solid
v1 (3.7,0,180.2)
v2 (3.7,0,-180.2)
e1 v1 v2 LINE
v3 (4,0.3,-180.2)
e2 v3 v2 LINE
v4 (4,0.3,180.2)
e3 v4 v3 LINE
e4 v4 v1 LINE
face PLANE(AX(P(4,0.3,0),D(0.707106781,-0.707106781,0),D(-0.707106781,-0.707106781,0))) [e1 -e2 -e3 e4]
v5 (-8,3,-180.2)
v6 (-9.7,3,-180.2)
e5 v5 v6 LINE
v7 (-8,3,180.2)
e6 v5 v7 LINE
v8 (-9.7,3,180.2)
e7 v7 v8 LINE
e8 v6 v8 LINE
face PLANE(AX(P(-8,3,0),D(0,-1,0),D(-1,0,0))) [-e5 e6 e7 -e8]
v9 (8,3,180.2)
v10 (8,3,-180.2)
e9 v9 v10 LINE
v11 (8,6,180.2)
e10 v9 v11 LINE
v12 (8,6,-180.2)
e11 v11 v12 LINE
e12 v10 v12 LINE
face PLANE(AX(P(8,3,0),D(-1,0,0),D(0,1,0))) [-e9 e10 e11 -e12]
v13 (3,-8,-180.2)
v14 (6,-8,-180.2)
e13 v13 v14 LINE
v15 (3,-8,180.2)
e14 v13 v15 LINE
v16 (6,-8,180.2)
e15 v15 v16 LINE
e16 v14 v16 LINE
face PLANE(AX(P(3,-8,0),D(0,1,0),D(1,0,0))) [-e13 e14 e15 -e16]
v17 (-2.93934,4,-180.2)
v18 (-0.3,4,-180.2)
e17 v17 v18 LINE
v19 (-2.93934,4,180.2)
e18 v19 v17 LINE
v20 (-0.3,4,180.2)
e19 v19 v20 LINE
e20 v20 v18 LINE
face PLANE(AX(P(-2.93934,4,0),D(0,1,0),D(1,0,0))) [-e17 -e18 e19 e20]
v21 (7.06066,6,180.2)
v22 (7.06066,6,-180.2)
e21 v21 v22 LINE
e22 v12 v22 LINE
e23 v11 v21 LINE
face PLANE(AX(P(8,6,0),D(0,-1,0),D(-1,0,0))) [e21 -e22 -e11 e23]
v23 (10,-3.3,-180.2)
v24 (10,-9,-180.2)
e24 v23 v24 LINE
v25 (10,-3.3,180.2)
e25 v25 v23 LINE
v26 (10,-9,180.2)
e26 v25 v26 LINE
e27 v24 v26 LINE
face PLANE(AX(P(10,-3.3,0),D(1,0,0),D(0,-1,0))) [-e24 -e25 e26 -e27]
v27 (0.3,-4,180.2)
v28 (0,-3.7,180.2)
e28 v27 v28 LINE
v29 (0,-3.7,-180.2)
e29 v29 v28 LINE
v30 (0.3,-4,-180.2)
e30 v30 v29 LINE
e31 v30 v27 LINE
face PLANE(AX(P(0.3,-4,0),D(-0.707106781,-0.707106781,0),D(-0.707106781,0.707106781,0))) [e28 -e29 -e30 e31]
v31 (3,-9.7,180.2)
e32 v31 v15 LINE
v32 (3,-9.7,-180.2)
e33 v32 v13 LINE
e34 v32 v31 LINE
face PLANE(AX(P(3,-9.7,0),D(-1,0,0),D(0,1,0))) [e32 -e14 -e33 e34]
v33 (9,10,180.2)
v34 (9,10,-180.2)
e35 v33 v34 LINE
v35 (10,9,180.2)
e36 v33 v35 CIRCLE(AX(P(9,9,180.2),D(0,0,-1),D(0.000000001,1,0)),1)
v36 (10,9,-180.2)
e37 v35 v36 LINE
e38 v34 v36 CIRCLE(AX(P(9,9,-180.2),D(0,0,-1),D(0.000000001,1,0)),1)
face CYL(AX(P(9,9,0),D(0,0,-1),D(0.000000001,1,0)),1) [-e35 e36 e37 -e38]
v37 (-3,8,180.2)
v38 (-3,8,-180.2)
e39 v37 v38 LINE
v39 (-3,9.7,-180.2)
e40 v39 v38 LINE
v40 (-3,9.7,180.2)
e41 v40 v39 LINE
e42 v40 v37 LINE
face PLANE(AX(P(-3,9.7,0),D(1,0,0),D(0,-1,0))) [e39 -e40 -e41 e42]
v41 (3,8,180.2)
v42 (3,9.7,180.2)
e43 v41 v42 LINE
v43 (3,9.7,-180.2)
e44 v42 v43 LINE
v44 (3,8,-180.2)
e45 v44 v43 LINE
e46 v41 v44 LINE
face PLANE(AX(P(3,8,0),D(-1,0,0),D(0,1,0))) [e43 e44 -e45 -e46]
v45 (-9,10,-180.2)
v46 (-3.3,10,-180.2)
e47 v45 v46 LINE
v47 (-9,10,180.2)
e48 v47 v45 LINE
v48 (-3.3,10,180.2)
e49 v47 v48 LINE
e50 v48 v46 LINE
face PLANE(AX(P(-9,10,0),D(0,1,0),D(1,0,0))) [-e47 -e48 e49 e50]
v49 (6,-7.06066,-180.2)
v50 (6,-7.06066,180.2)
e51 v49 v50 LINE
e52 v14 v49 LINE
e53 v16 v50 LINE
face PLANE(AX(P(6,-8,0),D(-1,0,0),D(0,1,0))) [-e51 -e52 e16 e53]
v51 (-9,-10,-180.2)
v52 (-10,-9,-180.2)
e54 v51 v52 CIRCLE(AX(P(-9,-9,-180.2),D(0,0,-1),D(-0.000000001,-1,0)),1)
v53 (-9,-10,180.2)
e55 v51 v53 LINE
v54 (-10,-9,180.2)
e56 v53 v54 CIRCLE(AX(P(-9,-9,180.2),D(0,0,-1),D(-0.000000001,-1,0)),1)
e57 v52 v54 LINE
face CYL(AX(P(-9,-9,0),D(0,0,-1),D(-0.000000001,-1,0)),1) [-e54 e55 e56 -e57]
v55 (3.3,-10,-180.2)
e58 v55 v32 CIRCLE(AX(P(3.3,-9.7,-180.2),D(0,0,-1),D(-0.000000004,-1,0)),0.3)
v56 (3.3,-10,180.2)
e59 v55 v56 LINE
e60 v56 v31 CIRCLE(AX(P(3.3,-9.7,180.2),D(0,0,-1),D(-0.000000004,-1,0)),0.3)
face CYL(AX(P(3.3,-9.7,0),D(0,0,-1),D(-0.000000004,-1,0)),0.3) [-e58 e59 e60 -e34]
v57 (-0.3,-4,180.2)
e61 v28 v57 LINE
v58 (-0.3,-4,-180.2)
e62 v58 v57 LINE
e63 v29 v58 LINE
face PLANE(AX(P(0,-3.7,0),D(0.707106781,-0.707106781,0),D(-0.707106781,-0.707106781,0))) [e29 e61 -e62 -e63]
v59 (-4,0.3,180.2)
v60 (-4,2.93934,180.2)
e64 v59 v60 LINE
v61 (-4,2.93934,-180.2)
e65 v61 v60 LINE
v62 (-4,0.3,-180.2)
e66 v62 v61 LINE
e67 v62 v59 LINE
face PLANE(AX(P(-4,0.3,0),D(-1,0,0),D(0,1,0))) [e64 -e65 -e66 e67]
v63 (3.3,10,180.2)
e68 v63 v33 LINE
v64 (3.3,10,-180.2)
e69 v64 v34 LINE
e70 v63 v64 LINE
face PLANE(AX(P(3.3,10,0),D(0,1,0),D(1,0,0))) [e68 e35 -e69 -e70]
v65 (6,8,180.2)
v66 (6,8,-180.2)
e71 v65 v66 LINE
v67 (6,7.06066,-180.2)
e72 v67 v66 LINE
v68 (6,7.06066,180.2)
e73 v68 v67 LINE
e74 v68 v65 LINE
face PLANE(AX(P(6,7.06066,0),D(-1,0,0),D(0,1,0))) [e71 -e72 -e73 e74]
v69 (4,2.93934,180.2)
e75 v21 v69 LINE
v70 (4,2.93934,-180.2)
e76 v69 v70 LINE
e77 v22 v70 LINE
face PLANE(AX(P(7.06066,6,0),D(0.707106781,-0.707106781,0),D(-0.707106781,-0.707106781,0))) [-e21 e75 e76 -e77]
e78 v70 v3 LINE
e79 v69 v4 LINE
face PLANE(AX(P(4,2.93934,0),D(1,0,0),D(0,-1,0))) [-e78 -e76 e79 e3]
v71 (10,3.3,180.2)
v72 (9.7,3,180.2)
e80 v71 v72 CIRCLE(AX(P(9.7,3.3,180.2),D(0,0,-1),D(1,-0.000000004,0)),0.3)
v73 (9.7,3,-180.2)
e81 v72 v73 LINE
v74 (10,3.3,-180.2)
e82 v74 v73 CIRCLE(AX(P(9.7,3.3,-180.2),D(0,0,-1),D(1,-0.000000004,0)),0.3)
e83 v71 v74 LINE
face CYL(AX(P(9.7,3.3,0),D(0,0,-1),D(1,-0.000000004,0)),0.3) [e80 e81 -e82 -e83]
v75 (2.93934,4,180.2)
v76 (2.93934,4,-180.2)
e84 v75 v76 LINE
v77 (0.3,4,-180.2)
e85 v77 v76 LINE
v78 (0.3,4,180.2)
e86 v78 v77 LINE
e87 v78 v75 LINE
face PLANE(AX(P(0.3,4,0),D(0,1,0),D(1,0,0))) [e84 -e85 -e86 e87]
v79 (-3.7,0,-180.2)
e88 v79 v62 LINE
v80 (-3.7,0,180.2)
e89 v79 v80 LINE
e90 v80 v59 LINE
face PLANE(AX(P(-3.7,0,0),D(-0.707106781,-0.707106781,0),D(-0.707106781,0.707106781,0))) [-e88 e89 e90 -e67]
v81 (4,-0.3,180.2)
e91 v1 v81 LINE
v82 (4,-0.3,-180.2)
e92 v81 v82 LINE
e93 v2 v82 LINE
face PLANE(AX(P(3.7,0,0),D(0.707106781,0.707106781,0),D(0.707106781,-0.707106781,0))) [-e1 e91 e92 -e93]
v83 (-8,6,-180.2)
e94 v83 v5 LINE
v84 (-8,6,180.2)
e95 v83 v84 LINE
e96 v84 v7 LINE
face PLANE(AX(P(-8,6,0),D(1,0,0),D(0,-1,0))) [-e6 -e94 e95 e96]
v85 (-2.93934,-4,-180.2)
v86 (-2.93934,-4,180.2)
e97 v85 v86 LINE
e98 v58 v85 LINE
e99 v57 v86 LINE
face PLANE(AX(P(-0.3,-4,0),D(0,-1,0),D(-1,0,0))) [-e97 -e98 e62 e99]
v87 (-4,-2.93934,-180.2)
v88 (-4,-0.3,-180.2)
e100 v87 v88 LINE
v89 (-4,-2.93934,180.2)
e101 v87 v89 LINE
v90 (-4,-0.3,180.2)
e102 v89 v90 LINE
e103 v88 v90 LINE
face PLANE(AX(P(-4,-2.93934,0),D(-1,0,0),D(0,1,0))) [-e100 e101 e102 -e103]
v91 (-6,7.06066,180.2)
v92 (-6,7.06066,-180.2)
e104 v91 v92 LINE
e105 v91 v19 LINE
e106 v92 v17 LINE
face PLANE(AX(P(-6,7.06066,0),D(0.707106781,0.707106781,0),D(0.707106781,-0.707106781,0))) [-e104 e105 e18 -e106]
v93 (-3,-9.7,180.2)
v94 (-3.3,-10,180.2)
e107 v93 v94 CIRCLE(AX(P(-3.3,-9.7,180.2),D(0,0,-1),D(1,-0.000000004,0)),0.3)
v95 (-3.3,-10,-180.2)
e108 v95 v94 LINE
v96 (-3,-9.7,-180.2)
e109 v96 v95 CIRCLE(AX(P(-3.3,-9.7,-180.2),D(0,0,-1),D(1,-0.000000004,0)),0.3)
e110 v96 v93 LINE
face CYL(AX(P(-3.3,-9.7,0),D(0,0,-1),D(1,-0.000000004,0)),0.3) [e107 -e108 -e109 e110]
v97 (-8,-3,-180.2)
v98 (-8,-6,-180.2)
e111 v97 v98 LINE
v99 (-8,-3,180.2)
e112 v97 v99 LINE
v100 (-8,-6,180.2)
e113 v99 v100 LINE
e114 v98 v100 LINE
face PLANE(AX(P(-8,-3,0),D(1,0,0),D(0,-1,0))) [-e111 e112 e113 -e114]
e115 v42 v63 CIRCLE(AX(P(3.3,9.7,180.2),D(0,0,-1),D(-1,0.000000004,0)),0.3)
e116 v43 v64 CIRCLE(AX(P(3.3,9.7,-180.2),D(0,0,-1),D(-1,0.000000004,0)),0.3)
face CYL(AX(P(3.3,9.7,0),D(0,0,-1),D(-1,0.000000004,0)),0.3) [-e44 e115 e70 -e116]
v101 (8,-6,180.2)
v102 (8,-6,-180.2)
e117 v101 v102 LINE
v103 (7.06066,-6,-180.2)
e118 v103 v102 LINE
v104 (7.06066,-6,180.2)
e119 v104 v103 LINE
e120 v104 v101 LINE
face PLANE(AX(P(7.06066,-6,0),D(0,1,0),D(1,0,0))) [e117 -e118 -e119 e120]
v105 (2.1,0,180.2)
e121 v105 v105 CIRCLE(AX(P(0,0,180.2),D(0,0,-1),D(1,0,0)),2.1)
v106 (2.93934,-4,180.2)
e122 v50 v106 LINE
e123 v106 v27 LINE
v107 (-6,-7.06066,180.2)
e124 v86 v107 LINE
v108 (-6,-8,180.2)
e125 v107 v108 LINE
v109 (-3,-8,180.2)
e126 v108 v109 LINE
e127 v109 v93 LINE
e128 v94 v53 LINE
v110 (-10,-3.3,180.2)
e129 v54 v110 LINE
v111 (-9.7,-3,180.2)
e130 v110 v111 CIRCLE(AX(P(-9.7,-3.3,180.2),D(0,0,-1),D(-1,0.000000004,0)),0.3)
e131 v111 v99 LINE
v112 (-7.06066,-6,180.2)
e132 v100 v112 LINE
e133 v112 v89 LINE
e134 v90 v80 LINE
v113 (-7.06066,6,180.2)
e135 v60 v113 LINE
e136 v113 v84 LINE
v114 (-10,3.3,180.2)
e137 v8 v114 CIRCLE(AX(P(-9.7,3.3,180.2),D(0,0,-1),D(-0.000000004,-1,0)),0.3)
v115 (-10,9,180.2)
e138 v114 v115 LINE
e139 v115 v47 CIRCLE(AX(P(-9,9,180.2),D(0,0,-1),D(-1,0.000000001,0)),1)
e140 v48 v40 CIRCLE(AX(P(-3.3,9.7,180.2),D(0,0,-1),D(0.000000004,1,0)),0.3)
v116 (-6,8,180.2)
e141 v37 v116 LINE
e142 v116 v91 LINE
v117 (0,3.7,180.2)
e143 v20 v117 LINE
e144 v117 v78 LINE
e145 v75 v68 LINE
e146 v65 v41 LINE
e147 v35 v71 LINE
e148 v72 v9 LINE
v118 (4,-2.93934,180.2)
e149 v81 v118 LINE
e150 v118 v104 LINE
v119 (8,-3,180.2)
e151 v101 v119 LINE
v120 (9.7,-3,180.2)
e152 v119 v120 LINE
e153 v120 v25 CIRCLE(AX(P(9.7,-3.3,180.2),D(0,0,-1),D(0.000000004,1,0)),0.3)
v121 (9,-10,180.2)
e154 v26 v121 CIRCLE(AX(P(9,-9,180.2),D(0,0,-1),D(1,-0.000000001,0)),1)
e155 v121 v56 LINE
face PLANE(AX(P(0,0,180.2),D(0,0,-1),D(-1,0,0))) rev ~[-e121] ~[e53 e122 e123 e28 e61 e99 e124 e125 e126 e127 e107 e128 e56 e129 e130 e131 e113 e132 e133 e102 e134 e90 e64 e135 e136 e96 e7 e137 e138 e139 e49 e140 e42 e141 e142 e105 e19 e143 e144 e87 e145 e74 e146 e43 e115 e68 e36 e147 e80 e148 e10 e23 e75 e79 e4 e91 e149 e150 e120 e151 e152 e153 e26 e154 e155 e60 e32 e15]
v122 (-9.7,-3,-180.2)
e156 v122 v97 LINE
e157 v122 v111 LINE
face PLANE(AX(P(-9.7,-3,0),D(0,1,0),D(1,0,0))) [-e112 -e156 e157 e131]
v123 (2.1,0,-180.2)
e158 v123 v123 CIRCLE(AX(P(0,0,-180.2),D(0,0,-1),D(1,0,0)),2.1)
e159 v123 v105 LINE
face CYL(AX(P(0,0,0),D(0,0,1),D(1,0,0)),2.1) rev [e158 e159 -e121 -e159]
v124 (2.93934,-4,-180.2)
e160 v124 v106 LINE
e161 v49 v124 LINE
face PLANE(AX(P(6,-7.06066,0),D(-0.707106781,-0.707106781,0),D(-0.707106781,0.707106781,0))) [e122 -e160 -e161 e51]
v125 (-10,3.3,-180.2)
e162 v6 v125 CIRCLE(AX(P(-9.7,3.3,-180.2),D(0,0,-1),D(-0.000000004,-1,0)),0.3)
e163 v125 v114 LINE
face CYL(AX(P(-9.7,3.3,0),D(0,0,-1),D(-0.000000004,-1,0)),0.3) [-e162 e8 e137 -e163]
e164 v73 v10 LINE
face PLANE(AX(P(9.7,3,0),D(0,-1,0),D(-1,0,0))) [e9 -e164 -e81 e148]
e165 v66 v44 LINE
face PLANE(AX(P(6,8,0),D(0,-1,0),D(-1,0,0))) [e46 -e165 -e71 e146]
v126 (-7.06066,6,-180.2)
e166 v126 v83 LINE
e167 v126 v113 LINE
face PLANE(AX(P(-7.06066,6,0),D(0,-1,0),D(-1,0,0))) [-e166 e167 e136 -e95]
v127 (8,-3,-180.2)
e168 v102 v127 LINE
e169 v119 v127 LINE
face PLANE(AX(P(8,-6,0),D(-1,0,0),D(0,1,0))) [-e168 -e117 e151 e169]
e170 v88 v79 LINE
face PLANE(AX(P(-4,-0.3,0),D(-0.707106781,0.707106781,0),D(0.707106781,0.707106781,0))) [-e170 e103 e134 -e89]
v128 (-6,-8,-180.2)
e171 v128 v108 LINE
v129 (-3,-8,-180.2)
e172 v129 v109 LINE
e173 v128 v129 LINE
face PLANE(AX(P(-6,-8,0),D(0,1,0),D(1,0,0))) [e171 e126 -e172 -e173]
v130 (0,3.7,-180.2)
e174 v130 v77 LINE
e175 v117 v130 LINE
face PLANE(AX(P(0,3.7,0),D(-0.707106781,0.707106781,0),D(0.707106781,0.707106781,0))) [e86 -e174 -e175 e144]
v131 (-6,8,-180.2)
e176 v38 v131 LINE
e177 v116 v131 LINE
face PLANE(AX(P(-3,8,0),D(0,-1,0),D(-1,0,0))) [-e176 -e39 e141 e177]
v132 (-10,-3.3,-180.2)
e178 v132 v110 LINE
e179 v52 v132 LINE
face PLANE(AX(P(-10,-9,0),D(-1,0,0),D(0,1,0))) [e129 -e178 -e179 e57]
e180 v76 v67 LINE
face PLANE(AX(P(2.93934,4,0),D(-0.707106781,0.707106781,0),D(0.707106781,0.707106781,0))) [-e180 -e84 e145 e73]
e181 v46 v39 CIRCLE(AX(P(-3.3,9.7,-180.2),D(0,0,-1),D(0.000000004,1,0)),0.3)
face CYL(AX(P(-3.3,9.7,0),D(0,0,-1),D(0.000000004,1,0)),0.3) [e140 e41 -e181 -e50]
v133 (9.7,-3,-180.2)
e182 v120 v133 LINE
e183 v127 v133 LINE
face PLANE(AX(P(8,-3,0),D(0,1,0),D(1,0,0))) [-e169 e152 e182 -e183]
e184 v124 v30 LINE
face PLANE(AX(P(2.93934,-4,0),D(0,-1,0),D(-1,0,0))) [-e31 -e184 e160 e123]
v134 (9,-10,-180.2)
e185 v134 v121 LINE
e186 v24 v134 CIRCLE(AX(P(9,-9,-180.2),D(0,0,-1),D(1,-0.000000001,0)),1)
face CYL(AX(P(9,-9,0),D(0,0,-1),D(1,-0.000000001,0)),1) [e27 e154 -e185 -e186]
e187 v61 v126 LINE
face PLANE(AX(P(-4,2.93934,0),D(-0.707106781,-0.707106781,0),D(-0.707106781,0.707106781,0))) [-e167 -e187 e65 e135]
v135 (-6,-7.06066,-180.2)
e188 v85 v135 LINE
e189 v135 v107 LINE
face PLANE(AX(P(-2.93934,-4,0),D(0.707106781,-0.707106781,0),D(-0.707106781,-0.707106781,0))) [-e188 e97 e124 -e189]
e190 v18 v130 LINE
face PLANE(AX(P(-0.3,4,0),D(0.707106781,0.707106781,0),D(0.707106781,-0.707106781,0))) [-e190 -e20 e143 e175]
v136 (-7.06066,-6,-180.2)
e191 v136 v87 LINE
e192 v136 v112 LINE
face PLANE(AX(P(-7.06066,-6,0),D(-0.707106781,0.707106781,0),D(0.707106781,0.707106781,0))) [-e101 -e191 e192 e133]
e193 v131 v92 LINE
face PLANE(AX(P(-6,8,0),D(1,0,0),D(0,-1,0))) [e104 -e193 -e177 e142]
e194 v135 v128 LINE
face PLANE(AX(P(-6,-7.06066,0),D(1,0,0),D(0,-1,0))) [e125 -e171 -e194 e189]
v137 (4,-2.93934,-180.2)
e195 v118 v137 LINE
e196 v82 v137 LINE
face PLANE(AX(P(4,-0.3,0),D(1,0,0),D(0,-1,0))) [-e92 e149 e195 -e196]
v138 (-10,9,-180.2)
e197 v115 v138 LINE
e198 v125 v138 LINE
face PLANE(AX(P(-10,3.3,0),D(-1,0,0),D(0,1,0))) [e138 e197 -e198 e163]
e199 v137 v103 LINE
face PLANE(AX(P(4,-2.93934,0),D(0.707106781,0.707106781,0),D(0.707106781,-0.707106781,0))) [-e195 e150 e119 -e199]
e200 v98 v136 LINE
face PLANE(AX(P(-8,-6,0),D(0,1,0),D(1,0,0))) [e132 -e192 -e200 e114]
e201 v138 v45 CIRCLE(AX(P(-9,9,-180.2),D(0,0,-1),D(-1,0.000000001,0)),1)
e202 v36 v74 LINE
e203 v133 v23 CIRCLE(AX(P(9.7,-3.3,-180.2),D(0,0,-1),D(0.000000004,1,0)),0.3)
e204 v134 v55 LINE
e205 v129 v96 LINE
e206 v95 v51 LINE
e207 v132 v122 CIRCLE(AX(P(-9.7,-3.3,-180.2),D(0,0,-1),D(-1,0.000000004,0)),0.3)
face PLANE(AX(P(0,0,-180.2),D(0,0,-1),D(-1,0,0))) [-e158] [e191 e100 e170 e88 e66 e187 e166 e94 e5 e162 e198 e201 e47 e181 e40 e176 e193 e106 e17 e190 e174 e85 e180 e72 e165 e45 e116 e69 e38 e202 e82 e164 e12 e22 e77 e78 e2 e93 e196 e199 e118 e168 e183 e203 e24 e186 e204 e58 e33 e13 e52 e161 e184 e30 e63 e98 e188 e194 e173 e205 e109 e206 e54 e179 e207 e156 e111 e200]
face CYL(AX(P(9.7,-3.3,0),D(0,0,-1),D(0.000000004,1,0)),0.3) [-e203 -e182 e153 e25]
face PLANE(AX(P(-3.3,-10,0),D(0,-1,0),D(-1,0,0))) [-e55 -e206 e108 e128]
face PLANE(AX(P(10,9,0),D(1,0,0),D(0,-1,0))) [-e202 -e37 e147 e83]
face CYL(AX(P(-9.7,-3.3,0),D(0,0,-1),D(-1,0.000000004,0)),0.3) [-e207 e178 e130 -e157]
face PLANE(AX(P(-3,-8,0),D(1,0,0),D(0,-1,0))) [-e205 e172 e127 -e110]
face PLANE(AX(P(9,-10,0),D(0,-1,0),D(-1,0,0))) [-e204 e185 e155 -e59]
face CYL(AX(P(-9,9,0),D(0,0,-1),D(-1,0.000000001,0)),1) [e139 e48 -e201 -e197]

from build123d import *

# Parameters (mm, degrees)
SKETCH1_R           = 2.1
BOSS_EXTRUDE1_DEPTH = 180.2


with BuildPart() as part:
    # Sketch1 → Boss-Extrude1 (new, symmetric)
    with BuildSketch(Plane(origin=(0, 0, 0), x_dir=(-1, 0, 0), z_dir=(0, 0, -1))):
        with BuildLine():
            Line((10, 3.3), (10, 9))
            ThreePointArc((10, 9), (9.707106781, 9.707106781), (9, 10))
            Line((9, 10), (3.3, 10))
            ThreePointArc((3.3, 10), (3.087867966, 9.912132034), (3, 9.7))
            Line((3, 9.7), (3, 8))
            Line((3, 8), (6, 8))
            Line((6, 8), (6, 7.060660172))
            Line((6, 7.060660172), (2.939339828, 4))
            Line((2.939339828, 4), (0.3, 4))
            Line((0.3, 4), (0, 3.7))
            Line((0, 3.7), (-0.3, 4))
            Line((-0.3, 4), (-2.939339828, 4))
            Line((-2.939339828, 4), (-6, 7.060660172))
            Line((-6, 7.060660172), (-6, 8))
            Line((-6, 8), (-3, 8))
            Line((-3, 8), (-3, 9.7))
            ThreePointArc((-3, 9.7), (-3.087867966, 9.912132034), (-3.3, 10))
            Line((-3.3, 10), (-9, 10))
            ThreePointArc((-9, 10), (-9.707106781, 9.707106781), (-10, 9))
            Line((-10, 9), (-10, 3.3))
            ThreePointArc((-10, 3.3), (-9.912132034, 3.087867966), (-9.7, 3))
            Line((-9.7, 3), (-8, 3))
            Line((-8, 3), (-8, 6))
            Line((-8, 6), (-7.060660172, 6))
            Line((-7.060660172, 6), (-4, 2.939339828))
            Line((-4, 2.939339828), (-4, 0.3))
            Line((-4, 0.3), (-3.7, 0))
            Line((-3.7, 0), (-4, -0.3))
            Line((-4, -0.3), (-4, -2.939339828))
            Line((-4, -2.939339828), (-7.060660172, -6))
            Line((-7.060660172, -6), (-8, -6))
            Line((-8, -6), (-8, -3))
            Line((-8, -3), (-9.7, -3))
            ThreePointArc((-9.7, -3), (-9.912132034, -3.087867966), (-10, -3.3))
            Line((-10, -3.3), (-10, -9))
            ThreePointArc((-10, -9), (-9.707106781, -9.707106781), (-9, -10))
            Line((-9, -10), (-3.3, -10))
            ThreePointArc((-3.3, -10), (-3.087867966, -9.912132034), (-3, -9.7))
            Line((-3, -9.7), (-3, -8))
            Line((-3, -8), (-6, -8))
            Line((-6, -8), (-6, -7.060660172))
            Line((-6, -7.060660172), (-2.939339828, -4))
            Line((-2.939339828, -4), (-0.3, -4))
            Line((-0.3, -4), (0, -3.7))
            Line((0, -3.7), (0.3, -4))
            Line((0.3, -4), (2.939339828, -4))
            Line((2.939339828, -4), (6, -7.060660172))
            Line((6, -7.060660172), (6, -8))
            Line((6, -8), (3, -8))
            Line((3, -8), (3, -9.7))
            ThreePointArc((3, -9.7), (3.087867966, -9.912132034), (3.3, -10))
            Line((3.3, -10), (9, -10))
            ThreePointArc((9, -10), (9.707106781, -9.707106781), (10, -9))
            Line((10, -9), (10, -3.3))
            ThreePointArc((10, -3.3), (9.912132034, -3.087867966), (9.7, -3))
            Line((9.7, -3), (8, -3))
            Line((8, -3), (8, -6))
            Line((8, -6), (7.060660172, -6))
            Line((7.060660172, -6), (4, -2.939339828))
            Line((4, -2.939339828), (4, -0.3))
            Line((4, -0.3), (3.7, 0))
            Line((3.7, 0), (4, 0.3))
            Line((4, 0.3), (4, 2.939339828))
            Line((4, 2.939339828), (7.060660172, 6))
            Line((7.060660172, 6), (8, 6))
            Line((8, 6), (8, 3))
            Line((8, 3), (9.7, 3))
            ThreePointArc((9.7, 3), (9.912132034, 3.087867966), (10, 3.3))
        make_face()
        Circle(SKETCH1_R, mode=Mode.SUBTRACT)
    extrude(amount=BOSS_EXTRUDE1_DEPTH, both=True)


solid = part.part
